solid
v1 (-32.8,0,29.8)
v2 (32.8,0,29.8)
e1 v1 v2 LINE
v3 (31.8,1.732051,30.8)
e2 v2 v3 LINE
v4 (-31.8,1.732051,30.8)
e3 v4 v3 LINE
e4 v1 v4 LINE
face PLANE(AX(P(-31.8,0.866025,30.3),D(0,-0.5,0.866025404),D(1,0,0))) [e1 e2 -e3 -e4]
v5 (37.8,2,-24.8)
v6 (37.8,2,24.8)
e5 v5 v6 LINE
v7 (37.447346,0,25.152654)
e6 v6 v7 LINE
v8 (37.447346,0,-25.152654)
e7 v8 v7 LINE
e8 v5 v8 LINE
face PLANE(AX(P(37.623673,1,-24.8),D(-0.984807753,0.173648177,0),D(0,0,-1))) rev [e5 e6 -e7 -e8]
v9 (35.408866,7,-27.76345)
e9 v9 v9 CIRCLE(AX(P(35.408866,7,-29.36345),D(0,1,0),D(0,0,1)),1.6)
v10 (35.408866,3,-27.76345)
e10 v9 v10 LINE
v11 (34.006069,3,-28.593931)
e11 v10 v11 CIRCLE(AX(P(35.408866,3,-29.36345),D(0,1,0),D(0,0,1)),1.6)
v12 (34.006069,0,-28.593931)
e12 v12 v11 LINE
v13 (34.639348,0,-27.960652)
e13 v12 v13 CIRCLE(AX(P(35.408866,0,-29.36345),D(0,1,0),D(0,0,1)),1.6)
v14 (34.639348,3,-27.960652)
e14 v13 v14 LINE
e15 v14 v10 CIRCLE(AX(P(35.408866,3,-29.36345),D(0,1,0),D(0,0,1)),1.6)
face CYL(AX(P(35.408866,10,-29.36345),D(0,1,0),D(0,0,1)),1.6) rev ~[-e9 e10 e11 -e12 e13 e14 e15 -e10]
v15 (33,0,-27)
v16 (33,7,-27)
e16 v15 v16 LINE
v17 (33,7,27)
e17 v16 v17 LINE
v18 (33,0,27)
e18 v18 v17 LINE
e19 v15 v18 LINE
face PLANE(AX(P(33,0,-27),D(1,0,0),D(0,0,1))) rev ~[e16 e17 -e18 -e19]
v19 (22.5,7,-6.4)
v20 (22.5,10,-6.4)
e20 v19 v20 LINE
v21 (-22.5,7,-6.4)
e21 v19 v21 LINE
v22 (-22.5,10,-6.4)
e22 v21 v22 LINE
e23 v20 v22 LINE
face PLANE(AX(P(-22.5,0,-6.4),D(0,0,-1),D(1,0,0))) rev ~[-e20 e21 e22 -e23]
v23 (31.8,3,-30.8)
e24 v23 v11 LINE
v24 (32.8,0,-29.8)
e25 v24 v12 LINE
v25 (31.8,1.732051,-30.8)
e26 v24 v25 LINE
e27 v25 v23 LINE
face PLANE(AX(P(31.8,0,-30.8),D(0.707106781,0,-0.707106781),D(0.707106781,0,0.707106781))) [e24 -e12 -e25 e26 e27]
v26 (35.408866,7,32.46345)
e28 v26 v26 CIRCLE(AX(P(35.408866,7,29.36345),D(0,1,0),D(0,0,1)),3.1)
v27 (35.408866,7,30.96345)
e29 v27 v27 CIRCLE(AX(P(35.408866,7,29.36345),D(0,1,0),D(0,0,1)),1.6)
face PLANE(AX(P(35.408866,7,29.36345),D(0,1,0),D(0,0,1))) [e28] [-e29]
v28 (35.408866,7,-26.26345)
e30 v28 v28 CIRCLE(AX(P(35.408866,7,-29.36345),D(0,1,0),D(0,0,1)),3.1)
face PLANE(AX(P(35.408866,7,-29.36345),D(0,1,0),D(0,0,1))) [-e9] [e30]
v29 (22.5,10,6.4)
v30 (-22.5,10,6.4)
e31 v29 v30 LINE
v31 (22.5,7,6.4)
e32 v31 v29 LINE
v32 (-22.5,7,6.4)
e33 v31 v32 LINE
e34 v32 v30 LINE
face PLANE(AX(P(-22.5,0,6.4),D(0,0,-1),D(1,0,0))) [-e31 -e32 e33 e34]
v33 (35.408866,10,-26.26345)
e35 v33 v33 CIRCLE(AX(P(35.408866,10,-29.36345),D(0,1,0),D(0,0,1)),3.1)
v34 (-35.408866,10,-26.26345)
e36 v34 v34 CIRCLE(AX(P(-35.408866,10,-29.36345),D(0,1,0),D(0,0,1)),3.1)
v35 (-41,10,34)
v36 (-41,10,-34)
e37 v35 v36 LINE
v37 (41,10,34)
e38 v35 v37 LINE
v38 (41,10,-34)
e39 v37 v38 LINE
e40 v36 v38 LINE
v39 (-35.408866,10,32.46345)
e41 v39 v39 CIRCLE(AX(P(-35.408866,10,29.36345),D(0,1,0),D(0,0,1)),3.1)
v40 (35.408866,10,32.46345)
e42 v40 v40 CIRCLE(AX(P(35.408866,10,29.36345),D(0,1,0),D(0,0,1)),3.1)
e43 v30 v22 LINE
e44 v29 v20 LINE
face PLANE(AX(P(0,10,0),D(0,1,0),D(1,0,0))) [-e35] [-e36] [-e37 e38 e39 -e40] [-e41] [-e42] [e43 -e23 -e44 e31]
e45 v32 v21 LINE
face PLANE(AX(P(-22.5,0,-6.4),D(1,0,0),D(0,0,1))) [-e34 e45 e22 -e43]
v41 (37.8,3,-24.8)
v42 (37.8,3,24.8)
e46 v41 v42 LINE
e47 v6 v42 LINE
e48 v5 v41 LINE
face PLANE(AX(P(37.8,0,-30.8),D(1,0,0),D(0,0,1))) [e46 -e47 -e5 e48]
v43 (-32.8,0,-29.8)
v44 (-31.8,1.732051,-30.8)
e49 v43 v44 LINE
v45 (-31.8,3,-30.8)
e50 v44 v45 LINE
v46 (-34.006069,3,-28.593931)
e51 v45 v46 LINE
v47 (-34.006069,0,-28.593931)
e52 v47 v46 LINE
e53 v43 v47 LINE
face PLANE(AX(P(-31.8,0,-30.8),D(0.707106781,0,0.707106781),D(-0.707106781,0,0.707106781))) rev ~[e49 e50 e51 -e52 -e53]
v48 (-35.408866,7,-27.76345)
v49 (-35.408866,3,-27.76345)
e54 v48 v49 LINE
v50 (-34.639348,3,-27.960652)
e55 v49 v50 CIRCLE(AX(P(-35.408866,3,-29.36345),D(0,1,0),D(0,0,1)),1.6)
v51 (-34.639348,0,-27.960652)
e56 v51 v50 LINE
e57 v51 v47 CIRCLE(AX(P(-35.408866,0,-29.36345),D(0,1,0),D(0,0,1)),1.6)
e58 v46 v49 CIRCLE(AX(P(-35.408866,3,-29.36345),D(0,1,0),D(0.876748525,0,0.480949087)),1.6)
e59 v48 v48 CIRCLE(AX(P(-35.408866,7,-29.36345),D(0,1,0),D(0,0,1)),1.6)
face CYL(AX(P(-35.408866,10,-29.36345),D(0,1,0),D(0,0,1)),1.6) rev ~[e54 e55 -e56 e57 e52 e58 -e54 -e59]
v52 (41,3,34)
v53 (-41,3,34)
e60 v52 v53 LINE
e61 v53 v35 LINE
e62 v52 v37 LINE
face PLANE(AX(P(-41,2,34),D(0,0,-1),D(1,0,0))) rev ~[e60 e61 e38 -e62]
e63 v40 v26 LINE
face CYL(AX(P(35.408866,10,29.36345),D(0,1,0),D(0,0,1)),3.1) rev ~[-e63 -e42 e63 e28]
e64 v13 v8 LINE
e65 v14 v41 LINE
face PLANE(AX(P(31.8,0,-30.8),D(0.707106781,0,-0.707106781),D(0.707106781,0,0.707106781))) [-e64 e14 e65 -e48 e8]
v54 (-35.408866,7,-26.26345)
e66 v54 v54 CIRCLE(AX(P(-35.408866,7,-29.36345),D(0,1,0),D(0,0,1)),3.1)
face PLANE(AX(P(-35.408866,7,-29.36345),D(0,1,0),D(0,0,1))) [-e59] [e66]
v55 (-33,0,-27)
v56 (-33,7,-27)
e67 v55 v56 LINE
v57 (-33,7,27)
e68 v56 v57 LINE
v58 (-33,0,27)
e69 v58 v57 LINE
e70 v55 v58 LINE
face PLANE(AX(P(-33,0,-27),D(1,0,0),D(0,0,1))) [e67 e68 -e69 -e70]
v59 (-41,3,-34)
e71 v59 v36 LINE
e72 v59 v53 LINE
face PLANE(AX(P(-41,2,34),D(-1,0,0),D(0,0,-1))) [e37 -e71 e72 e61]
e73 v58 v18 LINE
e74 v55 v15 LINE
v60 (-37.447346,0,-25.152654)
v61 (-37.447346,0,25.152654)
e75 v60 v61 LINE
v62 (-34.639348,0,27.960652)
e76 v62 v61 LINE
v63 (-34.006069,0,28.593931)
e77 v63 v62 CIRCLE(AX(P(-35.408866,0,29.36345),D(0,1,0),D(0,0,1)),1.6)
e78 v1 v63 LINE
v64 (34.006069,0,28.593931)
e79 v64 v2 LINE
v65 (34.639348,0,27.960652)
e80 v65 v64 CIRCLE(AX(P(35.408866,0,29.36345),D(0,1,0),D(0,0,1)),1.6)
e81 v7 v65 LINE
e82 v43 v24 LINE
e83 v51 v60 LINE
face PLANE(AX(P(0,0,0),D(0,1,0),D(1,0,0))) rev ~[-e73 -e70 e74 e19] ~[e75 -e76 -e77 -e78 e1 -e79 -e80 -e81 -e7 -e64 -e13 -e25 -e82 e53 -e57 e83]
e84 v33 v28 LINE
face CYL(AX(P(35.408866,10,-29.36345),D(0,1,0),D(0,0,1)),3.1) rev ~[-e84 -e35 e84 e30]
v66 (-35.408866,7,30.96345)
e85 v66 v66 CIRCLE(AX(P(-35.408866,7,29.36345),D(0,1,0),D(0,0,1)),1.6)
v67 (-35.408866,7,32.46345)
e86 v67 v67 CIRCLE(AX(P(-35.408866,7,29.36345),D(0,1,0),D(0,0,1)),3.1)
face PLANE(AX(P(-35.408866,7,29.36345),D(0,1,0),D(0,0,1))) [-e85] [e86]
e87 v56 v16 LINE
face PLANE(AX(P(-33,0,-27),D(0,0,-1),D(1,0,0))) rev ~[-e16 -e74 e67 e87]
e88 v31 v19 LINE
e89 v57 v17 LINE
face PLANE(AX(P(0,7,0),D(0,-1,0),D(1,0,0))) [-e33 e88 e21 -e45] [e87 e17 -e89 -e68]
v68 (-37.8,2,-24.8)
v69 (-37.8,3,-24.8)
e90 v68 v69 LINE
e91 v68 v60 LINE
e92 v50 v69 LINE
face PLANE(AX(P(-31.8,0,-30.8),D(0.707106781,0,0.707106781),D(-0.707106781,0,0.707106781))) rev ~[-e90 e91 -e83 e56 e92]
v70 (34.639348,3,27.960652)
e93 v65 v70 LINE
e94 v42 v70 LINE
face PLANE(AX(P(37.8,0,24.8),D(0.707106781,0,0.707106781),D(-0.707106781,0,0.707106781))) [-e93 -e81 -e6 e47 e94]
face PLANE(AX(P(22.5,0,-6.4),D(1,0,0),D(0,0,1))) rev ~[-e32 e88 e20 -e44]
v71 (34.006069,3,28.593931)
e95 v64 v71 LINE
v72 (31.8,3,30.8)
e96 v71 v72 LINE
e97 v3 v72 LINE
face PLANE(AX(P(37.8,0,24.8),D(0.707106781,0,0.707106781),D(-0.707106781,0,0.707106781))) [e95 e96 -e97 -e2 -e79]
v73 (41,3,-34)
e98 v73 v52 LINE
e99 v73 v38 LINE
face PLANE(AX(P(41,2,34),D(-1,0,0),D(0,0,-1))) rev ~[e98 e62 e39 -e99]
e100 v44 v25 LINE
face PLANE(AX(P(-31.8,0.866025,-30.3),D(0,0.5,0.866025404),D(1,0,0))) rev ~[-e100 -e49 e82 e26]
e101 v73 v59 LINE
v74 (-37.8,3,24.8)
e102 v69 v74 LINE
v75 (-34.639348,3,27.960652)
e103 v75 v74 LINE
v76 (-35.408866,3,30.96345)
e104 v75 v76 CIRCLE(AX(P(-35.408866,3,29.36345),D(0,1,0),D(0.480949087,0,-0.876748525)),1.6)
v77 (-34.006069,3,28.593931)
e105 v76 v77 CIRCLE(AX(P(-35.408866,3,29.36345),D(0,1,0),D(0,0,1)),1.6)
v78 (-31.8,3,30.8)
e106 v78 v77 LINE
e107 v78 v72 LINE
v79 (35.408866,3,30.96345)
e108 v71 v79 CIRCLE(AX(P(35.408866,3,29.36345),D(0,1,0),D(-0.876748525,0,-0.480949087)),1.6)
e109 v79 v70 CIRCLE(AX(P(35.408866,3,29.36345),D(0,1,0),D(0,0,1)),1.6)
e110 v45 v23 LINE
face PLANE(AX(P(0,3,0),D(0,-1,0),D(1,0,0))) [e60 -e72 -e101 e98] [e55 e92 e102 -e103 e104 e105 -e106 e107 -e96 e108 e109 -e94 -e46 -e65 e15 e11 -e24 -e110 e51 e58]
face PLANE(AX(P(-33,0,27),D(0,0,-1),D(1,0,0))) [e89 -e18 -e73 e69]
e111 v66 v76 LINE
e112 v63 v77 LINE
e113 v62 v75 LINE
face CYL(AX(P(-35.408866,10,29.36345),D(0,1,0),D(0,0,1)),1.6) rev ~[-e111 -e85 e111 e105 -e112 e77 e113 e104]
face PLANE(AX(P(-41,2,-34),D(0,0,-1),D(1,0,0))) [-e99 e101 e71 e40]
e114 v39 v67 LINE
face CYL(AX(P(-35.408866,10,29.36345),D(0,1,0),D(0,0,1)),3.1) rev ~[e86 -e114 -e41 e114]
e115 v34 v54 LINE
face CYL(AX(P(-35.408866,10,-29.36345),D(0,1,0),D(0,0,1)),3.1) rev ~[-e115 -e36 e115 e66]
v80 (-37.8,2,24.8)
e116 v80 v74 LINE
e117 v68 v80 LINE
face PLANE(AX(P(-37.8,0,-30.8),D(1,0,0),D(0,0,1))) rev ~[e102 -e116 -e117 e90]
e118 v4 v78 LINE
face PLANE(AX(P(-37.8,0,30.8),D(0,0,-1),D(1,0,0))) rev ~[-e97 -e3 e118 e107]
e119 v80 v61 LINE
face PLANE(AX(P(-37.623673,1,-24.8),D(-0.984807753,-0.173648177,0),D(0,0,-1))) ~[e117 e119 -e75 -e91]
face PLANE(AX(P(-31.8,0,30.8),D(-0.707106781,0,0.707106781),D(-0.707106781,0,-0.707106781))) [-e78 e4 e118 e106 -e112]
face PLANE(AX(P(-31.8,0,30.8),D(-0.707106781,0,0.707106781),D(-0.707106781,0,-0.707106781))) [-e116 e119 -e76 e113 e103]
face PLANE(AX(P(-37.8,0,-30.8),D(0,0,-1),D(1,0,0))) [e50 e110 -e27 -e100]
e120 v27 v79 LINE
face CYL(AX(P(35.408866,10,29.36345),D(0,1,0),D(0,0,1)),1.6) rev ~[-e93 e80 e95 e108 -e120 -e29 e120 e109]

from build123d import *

# Parameters (mm, degrees)
SKETCH1_W             = 76
SKETCH1_H             = 62
BOSS_EXTRUDE1_DEPTH   = 2
SKETCH2_W             = 82
SKETCH2_H             = 68
BOSS_EXTRUDE2_DEPTH   = 8
SKETCH3_W             = 45
SKETCH3_H             = 12.8
CUT_EXTRUDE1_DEPTH    = 11
SKETCH4_R             = 1.6
CUT_EXTRUDE2_DEPTH    = 11
SKETCH5_R             = 3.1
CUT_EXTRUDE3_DEPTH    = 3
SKETCH9_OUTSIDE_W     = 105.4
SKETCH9_OUTSIDE_H     = 91.4
SKETCH9_OUTSIDE_W_2   = 75.6
SKETCH9_OUTSIDE_H_2   = 61.6
CUT_EXTRUDE5_DEPTH    = 3
CUT_EXTRUDE6_DEPTH    = 3
SKETCH11_W            = 66
SKETCH11_H            = 54
CUT_EXTRUDE7_DEPTH    = 7
CHAMFER2_SIZE         = 2
CHAMFER2_SIZE2        = 0.352653961
CHAMFER2_PART_2_SIZE  = 2
CHAMFER2_PART_2_SIZE2 = 0.352653961
CHAMFER3_SIZE         = 1
CHAMFER3_SIZE2        = 1.732050808


with BuildPart() as part:
    # Sketch1 → Boss-Extrude1 (new body)
    with BuildSketch(Plane(origin=(0, 0, 0), x_dir=(1, 0, 0), z_dir=(0, 1, 0))):
        Rectangle(SKETCH1_W, SKETCH1_H)
    extrude(amount=BOSS_EXTRUDE1_DEPTH)

    # Sketch2 → Boss-Extrude2 (add)
    with BuildSketch(Plane(origin=(0, 2, 0), x_dir=(1, 0, 0), z_dir=(0, 1, 0))):
        Rectangle(SKETCH2_W, SKETCH2_H)
    extrude(amount=BOSS_EXTRUDE2_DEPTH)

    # Sketch3 → Cut-Extrude1 (cut, through all)
    with BuildSketch(Plane.XZ):
        Rectangle(SKETCH3_W, SKETCH3_H)
    extrude(amount=-CUT_EXTRUDE1_DEPTH, mode=Mode.SUBTRACT)

    # Sketch4 → Cut-Extrude2 (cut, through all)
    with BuildSketch(Plane(origin=(0, 10, 0), x_dir=(1, 0, 0), z_dir=(0, 1, 0))):
        with Locations(Location((-35.408866178, 29.363450001, 0), (0, 0, 270))):  # turned: the seam where the file's is
            Circle(SKETCH4_R)
        with Locations(Location((35.408866178, 29.363450001, 0), (0, 0, 270))):  # turned: the seam where the file's is
            Circle(SKETCH4_R)
        with Locations(Location((35.408866178, -29.363450001, 0), (0, 0, 270))):  # turned: the seam where the file's is
            Circle(SKETCH4_R)
        with Locations(Location((-35.408866178, -29.363450001, 0), (0, 0, 270))):  # turned: the seam where the file's is
            Circle(SKETCH4_R)
    extrude(amount=-CUT_EXTRUDE2_DEPTH, mode=Mode.SUBTRACT)

    # Sketch5 → Cut-Extrude3 (cut)
    with BuildSketch(Plane(origin=(0, 10, 0), x_dir=(1, 0, 0), z_dir=(0, 1, 0))):
        with Locations(Location((-35.408866178, 29.363450001, 0), (0, 0, 270))):  # turned: the seam where the file's is
            Circle(SKETCH5_R)
        with Locations(Location((35.408866178, 29.363450001, 0), (0, 0, 270))):  # turned: the seam where the file's is
            Circle(SKETCH5_R)
        with Locations(Location((35.408866178, -29.363450001, 0), (0, 0, 270))):  # turned: the seam where the file's is
            Circle(SKETCH5_R)
        with Locations(Location((-35.408866178, -29.363450001, 0), (0, 0, 270))):  # turned: the seam where the file's is
            Circle(SKETCH5_R)
    extrude(amount=-CUT_EXTRUDE3_DEPTH, mode=Mode.SUBTRACT)

    # Sketch9 outside → Cut-Extrude5 (cut)
    with BuildSketch(Plane.XZ):
        Rectangle(SKETCH9_OUTSIDE_W, SKETCH9_OUTSIDE_H)
        Rectangle(SKETCH9_OUTSIDE_W_2, SKETCH9_OUTSIDE_H_2, mode=Mode.SUBTRACT)
    extrude(amount=-CUT_EXTRUDE5_DEPTH, mode=Mode.SUBTRACT)

    # Sketch10 → Cut-Extrude6 (cut)
    with BuildSketch(Plane.XZ):
        Polygon((-37.8, -30.8), (-31.8, -30.8), (-37.8, -24.8), align=None)
        Polygon((-37.8, 24.8), (-37.8, 30.8), (-31.8, 30.8), align=None)
        Polygon((37.8, 30.8), (37.8, 24.8), (31.8, 30.8), align=None)
        Polygon((37.8, -30.8), (31.8, -30.8), (37.8, -24.8), align=None)
    extrude(amount=-CUT_EXTRUDE6_DEPTH, mode=Mode.SUBTRACT)

    # Sketch11 → Cut-Extrude7 (cut)
    with BuildSketch(Plane.XZ):
        Rectangle(SKETCH11_W, SKETCH11_H)
    extrude(amount=-CUT_EXTRUDE7_DEPTH, mode=Mode.SUBTRACT)

    # Chamfer2
    chamfer2_edges = [part.edges().sort_by_distance(p)[0] for p in [
        (37.8, 0, 0),
    ]]
    chamfer2_side = [part.faces().sort_by_distance(p)[0] for p in [
        (37.8, 1.5, 0),
    ]]
    chamfer(chamfer2_edges, length=CHAMFER2_SIZE, length2=CHAMFER2_SIZE2, reference=chamfer2_side[0])

    # Chamfer2 part 2
    chamfer2_part_2_edges = [part.edges().sort_by_distance(p)[0] for p in [
        (-37.8, 0, 0),
    ]]
    chamfer2_part_2_side = [part.faces().sort_by_distance(p)[0] for p in [
        (-37.8, 1.5, 0),
    ]]
    chamfer(chamfer2_part_2_edges, length=CHAMFER2_PART_2_SIZE, length2=CHAMFER2_PART_2_SIZE2, reference=chamfer2_part_2_side[0])

    # Chamfer3
    chamfer3_edges = [part.edges().sort_by_distance(p)[0] for p in [
        (0, 0, -30.8),
        (0, 0, 30.8),
    ]]
    chamfer3_side = [part.faces().sort_by_distance(p)[0] for p in [
        (-35.357643735, 0, 25.870950059),
    ]]
    chamfer(chamfer3_edges, length=CHAMFER3_SIZE, length2=CHAMFER3_SIZE2, reference=chamfer3_side[0])


solid = part.part
